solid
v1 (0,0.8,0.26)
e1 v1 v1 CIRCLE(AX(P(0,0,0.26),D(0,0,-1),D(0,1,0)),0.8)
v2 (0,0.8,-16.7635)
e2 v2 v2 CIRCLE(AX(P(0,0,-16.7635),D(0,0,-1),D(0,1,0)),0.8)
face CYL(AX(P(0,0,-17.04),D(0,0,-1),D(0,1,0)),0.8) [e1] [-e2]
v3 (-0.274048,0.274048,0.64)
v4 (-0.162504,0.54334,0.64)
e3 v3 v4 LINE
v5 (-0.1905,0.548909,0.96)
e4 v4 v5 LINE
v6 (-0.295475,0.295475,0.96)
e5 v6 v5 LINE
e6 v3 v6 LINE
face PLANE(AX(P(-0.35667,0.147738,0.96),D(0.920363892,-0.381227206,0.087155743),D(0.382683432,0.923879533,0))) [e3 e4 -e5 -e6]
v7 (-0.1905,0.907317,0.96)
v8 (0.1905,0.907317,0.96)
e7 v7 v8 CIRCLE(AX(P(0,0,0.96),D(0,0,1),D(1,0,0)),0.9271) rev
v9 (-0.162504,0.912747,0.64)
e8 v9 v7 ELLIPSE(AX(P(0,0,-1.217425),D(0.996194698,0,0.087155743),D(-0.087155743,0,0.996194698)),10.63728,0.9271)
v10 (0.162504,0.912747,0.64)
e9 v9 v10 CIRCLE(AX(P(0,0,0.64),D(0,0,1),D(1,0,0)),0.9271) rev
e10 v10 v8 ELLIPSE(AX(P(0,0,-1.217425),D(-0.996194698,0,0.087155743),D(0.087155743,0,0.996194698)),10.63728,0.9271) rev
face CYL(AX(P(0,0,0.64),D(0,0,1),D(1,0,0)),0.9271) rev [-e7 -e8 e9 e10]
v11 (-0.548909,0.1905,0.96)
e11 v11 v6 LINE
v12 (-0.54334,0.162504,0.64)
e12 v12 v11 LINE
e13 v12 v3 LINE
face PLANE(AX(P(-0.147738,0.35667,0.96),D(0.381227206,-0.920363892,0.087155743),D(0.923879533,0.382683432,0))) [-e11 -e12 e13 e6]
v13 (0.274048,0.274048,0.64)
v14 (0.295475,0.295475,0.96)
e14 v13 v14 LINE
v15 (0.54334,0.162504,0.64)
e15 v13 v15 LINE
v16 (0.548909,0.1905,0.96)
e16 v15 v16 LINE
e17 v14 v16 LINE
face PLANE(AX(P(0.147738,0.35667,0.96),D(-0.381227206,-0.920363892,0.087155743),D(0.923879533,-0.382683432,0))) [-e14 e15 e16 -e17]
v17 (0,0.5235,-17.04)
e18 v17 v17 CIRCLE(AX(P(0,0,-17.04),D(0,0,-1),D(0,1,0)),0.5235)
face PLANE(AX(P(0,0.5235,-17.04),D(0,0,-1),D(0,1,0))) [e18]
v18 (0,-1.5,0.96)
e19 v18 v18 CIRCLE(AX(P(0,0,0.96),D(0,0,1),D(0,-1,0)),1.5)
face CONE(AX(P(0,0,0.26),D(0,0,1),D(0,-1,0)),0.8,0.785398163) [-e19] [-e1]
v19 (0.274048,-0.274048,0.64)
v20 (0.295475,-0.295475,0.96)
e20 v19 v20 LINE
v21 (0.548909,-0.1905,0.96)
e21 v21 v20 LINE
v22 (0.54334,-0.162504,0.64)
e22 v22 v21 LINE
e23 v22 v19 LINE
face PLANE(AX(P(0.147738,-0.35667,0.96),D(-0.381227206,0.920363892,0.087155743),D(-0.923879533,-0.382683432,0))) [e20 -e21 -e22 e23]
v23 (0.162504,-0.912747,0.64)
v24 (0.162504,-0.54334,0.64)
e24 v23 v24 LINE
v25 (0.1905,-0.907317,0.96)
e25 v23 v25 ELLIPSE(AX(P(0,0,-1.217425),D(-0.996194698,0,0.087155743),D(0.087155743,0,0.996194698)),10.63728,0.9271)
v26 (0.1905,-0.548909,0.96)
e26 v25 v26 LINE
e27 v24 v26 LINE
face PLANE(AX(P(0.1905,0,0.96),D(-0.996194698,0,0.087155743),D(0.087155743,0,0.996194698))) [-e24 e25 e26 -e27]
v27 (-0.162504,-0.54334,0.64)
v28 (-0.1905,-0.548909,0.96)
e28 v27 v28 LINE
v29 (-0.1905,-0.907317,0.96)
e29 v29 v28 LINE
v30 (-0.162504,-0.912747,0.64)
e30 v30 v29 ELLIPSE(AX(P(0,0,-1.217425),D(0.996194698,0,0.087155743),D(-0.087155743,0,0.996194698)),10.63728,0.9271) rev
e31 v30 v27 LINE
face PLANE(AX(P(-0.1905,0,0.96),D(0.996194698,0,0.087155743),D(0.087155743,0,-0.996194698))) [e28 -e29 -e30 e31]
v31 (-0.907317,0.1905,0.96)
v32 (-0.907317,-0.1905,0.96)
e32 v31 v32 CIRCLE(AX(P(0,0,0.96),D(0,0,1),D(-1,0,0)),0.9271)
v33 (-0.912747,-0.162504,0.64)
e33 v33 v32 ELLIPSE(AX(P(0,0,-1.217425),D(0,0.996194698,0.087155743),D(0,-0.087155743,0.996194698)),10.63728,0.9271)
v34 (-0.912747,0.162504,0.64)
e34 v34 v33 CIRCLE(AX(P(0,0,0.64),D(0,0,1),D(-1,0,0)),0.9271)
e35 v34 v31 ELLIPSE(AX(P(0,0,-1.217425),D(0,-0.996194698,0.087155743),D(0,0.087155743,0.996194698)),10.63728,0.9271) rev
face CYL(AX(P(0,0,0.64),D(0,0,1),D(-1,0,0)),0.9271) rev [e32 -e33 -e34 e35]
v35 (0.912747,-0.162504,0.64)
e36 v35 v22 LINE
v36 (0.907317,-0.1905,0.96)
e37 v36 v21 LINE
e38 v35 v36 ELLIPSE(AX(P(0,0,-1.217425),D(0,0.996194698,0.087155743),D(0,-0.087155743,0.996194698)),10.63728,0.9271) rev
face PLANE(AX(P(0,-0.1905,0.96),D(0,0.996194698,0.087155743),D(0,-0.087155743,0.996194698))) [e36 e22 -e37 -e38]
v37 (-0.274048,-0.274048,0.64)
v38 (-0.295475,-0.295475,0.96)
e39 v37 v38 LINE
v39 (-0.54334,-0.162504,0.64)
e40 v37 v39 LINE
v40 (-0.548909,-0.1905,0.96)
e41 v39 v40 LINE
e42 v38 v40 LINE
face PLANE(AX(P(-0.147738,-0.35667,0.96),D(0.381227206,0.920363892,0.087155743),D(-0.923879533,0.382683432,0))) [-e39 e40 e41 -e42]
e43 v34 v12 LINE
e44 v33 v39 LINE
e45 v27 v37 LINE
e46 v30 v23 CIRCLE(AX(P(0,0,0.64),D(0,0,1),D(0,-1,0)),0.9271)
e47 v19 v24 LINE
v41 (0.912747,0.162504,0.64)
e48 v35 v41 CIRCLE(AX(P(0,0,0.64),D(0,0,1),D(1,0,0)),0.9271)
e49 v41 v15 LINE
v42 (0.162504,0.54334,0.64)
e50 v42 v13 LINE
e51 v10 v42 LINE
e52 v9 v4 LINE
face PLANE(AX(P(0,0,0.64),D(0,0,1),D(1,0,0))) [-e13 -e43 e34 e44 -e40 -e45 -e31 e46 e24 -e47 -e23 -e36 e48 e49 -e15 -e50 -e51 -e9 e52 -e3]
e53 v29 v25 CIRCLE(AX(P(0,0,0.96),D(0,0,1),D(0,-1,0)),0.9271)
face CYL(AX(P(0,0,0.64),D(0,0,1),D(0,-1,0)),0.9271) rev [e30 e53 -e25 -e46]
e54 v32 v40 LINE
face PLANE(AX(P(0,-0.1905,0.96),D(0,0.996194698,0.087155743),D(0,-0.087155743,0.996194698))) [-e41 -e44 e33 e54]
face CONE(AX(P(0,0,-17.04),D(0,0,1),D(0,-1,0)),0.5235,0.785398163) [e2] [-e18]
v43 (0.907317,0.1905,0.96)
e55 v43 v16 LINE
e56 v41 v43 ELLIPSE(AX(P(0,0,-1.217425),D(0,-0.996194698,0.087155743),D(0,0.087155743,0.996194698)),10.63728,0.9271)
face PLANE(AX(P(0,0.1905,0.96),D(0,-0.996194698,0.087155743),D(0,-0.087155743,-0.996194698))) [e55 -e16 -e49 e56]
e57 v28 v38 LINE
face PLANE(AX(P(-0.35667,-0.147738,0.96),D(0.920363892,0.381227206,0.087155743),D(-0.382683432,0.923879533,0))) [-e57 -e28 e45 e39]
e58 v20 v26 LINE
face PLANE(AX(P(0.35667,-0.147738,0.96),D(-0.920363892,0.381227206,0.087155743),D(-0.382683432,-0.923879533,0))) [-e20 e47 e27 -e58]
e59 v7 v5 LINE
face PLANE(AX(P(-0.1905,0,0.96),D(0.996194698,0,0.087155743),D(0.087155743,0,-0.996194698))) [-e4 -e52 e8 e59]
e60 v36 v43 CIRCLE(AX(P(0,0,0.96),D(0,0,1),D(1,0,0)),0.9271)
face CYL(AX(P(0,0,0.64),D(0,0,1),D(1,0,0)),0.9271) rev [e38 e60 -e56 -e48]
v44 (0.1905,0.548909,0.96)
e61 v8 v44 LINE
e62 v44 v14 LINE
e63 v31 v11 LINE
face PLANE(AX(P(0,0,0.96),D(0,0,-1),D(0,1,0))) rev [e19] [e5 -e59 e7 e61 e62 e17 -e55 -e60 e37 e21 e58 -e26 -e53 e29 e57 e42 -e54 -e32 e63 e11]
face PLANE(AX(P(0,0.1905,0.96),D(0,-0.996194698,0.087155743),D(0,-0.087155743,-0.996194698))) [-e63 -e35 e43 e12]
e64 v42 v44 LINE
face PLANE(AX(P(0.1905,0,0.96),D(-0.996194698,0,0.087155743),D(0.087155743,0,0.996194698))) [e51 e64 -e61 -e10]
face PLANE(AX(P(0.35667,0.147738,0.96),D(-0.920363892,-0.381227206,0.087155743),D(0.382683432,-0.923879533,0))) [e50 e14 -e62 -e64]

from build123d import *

# Parameters (mm, degrees)
CUT_EXTRUDE1_DEPTH  = 0.32
CIRPATTERN1_COUNT   = 4
DRAFT2_ANGLE        = 5
SKETCH8_R           = 0.8
BOSS_EXTRUDE1_DEPTH = 0.26
BOSS_EXTRUDE1_DRAFT = -45


with BuildPart() as part:
    # Sketch3 → Revolve1 (revolve)
    with BuildSketch(Plane(origin=(0, 0, 0), x_dir=(0, 0, -1), z_dir=(1, 0, 0)), mode=Mode.PRIVATE) as revolve1_sk:
        Polygon((-0.96, 0), (-0.96, 1.5), (-0.26, 0.8), (-0.26, 0), align=None)
    revolve(revolve1_sk.sketch.rotate(Axis((0, 0, 0.96), (0, 0, -1)), 180), axis=Axis((0, 0, 0.96), (0, 0, -1)))

    # Sketch5 → Revolve2 (revolve)
    with BuildSketch(Plane(origin=(0, 0, 0), x_dir=(0, 0, -1), z_dir=(1, 0, 0))):
        Polygon((17.04, 0), (-0.26, 0), (-0.26, 0.8), (16.7635, 0.8), (17.04, 0.5235), align=None)
    revolve(axis=Axis((0, 0, -17.04), (0, 0, 1)))

    # Sketch4 → Cut-Extrude1 (cut)
    with BuildSketch(Plane.XY.offset(0.96)):
        with BuildLine():
            Line((0, 0), (0.9271, 0))
            ThreePointArc((0.9271, 0), (0.92214099, 0.095762227), (0.907317012, 0.1905))
            Line((0.907317012, 0.1905), (0.548908506, 0.1905))
            Line((0.548908506, 0.1905), (0.295475421, 0.295475421))
            Line((0.295475421, 0.295475421), (0.1905, 0.548908506))
            Line((0.1905, 0.548908506), (0.1905, 0.907317012))
            ThreePointArc((0.1905, 0.907317012), (0.095762227, 0.92214099), (0, 0.9271))
            Line((0, 0.9271), (0, 0))
        make_face()
    cut_extrude1 = extrude(amount=-CUT_EXTRUDE1_DEPTH, mode=Mode.SUBTRACT)

    # CirPattern1: Cut-Extrude1 ×4 about axis
    cirpattern1_axis = Axis((0, 0, 0), (0, 0, 1))
    for i in range(1, CIRPATTERN1_COUNT):
        add(cut_extrude1.rotate(cirpattern1_axis, i * 360 / CIRPATTERN1_COUNT), mode=Mode.SUBTRACT)

    # Draft2
    draft2_faces = [part.faces().sort_by_distance(p)[0] for p in [
        (-0.728112759, 0.1905, 0.8),
        (-0.422191963, 0.24298771, 0.8),
        (-0.24298771, 0.422191963, 0.8),
        (-0.1905, 0.728112759, 0.8),
        (0.1905, 0.728112759, 0.8),
        (0.24298771, 0.422191963, 0.8),
        (0.422191963, 0.24298771, 0.8),
        (0.728112759, 0.1905, 0.8),
        (0.728112759, -0.1905, 0.8),
        (0.422191963, -0.24298771, 0.8),
        (0.24298771, -0.422191963, 0.8),
        (0.1905, -0.728112759, 0.8),
        (-0.1905, -0.728112759, 0.8),
        (-0.24298771, -0.422191963, 0.8),
        (-0.422191963, -0.24298771, 0.8),
        (-0.728112759, -0.1905, 0.8),
    ]]
    draft(draft2_faces, Plane(origin=(0, 0, 0.96), x_dir=(0, 1, 0), z_dir=(0, 0, 1)), DRAFT2_ANGLE)


with BuildPart() as body_2:
    # Split1: the piece on the far side of the plane
    add(part.part)
    split(bisect_by=Plane(origin=(0, 0, 0.26), x_dir=(0, -1, 0), z_dir=(0, 0, -1)), keep=Keep.BOTTOM)


with BuildPart() as part_1:
    add(part.part)

    # Split1
    split(bisect_by=Plane(origin=(0, 0, 0.26), x_dir=(0, -1, 0), z_dir=(0, 0, -1)), keep=Keep.TOP)


with BuildPart() as body_2_1:
    add(body_2.part)

    # Combine1: union part
    add(part_1.part)


with BuildPart() as boss_extrude1_tool:
    # Sketch8 → Boss-Extrude1 (with draft: the straight prism first)
    with BuildSketch(Plane.XY.offset(0.26)):
        with Locations(Location((0, 0, 0), (0, 0, 90))):
            Circle(SKETCH8_R)
    extrude(amount=-BOSS_EXTRUDE1_DEPTH)
    # Boss-Extrude1: the draft: its side faces are tilted about the plane it starts from
    boss_extrude1_sides = [boss_extrude1_tool.faces().sort_by_distance(p)[0] for p in [
        (0, -0.8, 0.13),
    ]]
    draft(boss_extrude1_sides, Plane.XY.offset(0.26), BOSS_EXTRUDE1_DRAFT)


with BuildPart() as body_2_2:
    add(body_2_1.part)

    # Boss-Extrude1: add boss_extrude1_tool
    add(boss_extrude1_tool.part)


solid = body_2_2.part
